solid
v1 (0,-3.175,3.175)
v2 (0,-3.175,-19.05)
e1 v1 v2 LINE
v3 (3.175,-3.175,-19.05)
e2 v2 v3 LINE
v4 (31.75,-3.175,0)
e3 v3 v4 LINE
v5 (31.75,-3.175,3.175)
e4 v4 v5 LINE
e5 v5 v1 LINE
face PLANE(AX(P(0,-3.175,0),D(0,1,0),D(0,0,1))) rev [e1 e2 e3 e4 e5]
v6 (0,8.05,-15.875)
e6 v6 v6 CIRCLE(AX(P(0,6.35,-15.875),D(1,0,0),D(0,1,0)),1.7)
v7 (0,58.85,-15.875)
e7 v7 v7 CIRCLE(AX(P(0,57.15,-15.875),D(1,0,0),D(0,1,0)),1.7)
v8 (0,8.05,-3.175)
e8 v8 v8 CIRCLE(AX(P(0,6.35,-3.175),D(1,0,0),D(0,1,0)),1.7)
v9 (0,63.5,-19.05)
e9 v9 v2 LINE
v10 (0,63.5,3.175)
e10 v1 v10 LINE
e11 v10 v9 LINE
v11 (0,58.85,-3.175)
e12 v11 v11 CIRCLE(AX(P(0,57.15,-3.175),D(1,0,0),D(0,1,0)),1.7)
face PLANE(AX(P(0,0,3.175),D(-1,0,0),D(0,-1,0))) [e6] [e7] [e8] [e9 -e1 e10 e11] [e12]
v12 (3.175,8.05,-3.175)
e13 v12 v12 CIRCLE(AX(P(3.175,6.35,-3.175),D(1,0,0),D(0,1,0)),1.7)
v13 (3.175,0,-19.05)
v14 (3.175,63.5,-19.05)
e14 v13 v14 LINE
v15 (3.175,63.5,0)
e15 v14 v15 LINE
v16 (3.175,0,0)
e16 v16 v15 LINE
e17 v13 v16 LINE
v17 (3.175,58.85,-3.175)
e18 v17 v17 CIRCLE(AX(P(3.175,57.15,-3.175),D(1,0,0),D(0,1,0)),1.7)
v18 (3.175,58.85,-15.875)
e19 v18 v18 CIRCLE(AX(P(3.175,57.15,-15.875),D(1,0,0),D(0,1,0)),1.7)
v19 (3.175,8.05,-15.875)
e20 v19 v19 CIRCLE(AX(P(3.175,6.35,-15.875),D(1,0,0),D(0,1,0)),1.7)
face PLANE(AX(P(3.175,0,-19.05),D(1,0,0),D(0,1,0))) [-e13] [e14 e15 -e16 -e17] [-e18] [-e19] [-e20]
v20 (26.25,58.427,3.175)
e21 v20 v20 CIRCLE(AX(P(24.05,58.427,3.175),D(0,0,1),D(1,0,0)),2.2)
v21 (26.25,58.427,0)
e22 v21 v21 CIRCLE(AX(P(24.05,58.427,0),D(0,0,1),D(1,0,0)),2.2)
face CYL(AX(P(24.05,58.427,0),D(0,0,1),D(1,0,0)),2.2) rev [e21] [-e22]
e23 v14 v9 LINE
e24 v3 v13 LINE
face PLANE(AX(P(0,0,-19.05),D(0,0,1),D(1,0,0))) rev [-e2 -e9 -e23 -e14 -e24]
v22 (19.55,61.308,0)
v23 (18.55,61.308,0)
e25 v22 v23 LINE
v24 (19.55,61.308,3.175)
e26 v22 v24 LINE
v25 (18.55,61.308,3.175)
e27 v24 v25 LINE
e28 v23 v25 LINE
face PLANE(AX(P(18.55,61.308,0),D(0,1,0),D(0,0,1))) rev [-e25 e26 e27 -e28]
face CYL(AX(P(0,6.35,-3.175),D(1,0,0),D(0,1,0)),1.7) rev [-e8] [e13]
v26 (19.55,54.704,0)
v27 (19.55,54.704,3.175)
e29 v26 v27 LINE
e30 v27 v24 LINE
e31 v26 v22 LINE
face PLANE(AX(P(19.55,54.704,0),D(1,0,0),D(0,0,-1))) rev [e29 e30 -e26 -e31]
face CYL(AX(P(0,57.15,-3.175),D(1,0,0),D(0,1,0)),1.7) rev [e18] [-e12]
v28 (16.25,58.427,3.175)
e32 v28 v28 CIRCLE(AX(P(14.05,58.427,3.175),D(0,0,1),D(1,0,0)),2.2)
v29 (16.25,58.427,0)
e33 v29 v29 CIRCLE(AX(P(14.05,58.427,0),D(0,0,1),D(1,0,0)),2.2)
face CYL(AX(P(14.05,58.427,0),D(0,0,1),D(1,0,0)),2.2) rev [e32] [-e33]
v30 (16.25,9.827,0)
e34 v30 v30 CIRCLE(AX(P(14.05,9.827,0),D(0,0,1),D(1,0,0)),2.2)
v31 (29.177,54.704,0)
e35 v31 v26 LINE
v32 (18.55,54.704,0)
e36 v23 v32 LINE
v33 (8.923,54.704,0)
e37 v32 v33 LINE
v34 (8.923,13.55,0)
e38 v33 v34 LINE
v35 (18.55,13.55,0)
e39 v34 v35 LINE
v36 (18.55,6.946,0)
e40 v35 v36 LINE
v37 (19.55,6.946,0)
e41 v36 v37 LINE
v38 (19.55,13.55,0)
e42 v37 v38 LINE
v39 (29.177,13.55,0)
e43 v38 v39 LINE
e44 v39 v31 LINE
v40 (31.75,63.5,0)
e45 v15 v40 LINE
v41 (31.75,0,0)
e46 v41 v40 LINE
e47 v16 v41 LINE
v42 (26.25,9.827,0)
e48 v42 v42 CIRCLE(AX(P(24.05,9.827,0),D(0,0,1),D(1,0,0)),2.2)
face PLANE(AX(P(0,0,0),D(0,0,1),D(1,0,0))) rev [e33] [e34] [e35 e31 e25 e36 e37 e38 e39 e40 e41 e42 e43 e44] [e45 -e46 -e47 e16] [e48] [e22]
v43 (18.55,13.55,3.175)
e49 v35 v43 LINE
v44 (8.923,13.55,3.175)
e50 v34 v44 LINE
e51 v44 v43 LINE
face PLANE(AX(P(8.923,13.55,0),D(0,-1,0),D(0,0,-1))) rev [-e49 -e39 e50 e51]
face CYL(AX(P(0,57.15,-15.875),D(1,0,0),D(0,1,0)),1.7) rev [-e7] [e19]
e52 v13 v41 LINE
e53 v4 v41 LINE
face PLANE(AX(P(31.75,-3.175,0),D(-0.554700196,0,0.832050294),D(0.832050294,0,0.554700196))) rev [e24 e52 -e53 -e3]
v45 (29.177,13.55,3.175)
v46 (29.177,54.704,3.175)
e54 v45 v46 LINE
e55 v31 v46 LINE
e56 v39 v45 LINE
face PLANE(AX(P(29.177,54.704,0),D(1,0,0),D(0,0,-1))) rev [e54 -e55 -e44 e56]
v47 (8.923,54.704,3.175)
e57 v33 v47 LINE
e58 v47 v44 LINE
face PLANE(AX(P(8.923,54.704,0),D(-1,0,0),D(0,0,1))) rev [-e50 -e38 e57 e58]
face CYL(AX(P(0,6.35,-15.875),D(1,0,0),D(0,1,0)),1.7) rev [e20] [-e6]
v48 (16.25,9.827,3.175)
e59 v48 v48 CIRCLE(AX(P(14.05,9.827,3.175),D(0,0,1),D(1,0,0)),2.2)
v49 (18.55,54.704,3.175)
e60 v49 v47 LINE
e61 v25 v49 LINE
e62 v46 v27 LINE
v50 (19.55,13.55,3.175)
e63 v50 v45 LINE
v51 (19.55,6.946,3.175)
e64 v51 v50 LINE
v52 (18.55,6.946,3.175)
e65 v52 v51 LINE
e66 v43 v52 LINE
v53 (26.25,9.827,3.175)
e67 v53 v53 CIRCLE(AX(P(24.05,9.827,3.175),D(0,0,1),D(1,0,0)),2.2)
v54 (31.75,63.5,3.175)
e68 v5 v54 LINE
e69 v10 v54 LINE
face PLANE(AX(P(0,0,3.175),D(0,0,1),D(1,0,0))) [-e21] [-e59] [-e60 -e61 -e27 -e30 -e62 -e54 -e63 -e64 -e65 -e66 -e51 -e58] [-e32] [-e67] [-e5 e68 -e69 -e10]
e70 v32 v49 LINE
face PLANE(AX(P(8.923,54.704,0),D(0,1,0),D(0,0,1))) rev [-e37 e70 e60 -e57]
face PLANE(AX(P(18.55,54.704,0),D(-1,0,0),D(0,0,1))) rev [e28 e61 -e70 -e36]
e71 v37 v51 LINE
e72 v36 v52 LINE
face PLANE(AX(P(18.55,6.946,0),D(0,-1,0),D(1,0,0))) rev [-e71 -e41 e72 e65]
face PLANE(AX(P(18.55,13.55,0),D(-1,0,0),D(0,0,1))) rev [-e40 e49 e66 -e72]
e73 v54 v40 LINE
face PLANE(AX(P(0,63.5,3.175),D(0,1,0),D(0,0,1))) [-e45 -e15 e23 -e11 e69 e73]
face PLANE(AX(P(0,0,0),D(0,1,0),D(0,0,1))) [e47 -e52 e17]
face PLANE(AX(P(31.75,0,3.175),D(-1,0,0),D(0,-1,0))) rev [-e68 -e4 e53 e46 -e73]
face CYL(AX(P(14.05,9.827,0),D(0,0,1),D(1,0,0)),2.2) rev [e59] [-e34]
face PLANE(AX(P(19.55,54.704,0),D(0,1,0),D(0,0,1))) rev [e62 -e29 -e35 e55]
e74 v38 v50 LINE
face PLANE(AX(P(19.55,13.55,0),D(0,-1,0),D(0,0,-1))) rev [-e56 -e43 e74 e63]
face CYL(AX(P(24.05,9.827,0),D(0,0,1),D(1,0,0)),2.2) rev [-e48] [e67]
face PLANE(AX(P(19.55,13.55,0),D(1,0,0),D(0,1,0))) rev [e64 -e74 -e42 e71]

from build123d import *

# Parameters (mm, degrees)
SKETCH2_W           = 31.75
SKETCH2_H           = 63.5
BOSS_EXTRUDE1_DEPTH = 3.175
SKETCH3_R           = 2.200000045
CUT_EXTRUDE1_DEPTH  = 4.175
BOSS_EXTRUDE2_START = -3.175
SKETCH4_W           = 3.175
SKETCH4_H           = 63.5
BOSS_EXTRUDE2_DEPTH = 19.05
BOSS_EXTRUDE3_DEPTH = 3.175
SKETCH6_R           = 1.700000029
CUT_EXTRUDE2_DEPTH  = 4.175


with BuildPart() as part:
    # Sketch2 → Boss-Extrude1 (new body)
    with BuildSketch(Plane.XY):
        with Locations((15.875, 31.75)):
            Rectangle(SKETCH2_W, SKETCH2_H)
    extrude(amount=BOSS_EXTRUDE1_DEPTH)

    # Sketch3 → Cut-Extrude1 (cut, through all)
    with BuildSketch(Plane.XY.offset(3.175)):
        with Locations((14.049999967, 9.827000031)):
            Circle(SKETCH3_R)
        with Locations((24.050000033, 9.827000031)):
            Circle(SKETCH3_R)
        with Locations((14.049999967, 58.427000113)):
            Circle(SKETCH3_R)
        with Locations((24.050000033, 58.427000113)):
            Circle(SKETCH3_R)
        Polygon((8.923000061, 54.704000066), (18.55, 54.704000066), (18.55, 61.308000066), (19.55, 61.308000066), (19.55, 54.704000066), (29.176999939, 54.704000066), (29.176999939, 13.550000078), (19.55, 13.550000078), (19.55, 6.946000078), (18.55, 6.946000078), (18.55, 13.550000078), (8.923000061, 13.550000078), align=None)
    extrude(amount=-CUT_EXTRUDE1_DEPTH, mode=Mode.SUBTRACT)

    # Sketch4 → Boss-Extrude2 (add)
    with BuildSketch(Plane.XY.offset(3.175).offset(BOSS_EXTRUDE2_START)):
        with Locations((1.5875, 31.75)):
            Rectangle(SKETCH4_W, SKETCH4_H)
    extrude(amount=-BOSS_EXTRUDE2_DEPTH)

    # Sketch5 → Boss-Extrude3 (add)
    with BuildSketch(Plane.XZ):
        Polygon((0, 3.175), (31.75, 3.175), (31.75, 0), (3.175, -19.05), (0, -19.05), align=None)
    extrude(amount=BOSS_EXTRUDE3_DEPTH)

    # Sketch6 → Cut-Extrude2 (cut, through all)
    with BuildSketch(Plane(origin=(3.175, 0, 0), x_dir=(0, 0, -1), z_dir=(1, 0, 0))):
        with Locations((3.175, 57.15)):
            Circle(SKETCH6_R)
        with Locations((3.175, 6.35)):
            Circle(SKETCH6_R)
        with Locations((15.875, 57.15)):
            Circle(SKETCH6_R)
        with Locations((15.875, 6.35)):
            Circle(SKETCH6_R)
    extrude(amount=-CUT_EXTRUDE2_DEPTH, mode=Mode.SUBTRACT)


solid = part.part
